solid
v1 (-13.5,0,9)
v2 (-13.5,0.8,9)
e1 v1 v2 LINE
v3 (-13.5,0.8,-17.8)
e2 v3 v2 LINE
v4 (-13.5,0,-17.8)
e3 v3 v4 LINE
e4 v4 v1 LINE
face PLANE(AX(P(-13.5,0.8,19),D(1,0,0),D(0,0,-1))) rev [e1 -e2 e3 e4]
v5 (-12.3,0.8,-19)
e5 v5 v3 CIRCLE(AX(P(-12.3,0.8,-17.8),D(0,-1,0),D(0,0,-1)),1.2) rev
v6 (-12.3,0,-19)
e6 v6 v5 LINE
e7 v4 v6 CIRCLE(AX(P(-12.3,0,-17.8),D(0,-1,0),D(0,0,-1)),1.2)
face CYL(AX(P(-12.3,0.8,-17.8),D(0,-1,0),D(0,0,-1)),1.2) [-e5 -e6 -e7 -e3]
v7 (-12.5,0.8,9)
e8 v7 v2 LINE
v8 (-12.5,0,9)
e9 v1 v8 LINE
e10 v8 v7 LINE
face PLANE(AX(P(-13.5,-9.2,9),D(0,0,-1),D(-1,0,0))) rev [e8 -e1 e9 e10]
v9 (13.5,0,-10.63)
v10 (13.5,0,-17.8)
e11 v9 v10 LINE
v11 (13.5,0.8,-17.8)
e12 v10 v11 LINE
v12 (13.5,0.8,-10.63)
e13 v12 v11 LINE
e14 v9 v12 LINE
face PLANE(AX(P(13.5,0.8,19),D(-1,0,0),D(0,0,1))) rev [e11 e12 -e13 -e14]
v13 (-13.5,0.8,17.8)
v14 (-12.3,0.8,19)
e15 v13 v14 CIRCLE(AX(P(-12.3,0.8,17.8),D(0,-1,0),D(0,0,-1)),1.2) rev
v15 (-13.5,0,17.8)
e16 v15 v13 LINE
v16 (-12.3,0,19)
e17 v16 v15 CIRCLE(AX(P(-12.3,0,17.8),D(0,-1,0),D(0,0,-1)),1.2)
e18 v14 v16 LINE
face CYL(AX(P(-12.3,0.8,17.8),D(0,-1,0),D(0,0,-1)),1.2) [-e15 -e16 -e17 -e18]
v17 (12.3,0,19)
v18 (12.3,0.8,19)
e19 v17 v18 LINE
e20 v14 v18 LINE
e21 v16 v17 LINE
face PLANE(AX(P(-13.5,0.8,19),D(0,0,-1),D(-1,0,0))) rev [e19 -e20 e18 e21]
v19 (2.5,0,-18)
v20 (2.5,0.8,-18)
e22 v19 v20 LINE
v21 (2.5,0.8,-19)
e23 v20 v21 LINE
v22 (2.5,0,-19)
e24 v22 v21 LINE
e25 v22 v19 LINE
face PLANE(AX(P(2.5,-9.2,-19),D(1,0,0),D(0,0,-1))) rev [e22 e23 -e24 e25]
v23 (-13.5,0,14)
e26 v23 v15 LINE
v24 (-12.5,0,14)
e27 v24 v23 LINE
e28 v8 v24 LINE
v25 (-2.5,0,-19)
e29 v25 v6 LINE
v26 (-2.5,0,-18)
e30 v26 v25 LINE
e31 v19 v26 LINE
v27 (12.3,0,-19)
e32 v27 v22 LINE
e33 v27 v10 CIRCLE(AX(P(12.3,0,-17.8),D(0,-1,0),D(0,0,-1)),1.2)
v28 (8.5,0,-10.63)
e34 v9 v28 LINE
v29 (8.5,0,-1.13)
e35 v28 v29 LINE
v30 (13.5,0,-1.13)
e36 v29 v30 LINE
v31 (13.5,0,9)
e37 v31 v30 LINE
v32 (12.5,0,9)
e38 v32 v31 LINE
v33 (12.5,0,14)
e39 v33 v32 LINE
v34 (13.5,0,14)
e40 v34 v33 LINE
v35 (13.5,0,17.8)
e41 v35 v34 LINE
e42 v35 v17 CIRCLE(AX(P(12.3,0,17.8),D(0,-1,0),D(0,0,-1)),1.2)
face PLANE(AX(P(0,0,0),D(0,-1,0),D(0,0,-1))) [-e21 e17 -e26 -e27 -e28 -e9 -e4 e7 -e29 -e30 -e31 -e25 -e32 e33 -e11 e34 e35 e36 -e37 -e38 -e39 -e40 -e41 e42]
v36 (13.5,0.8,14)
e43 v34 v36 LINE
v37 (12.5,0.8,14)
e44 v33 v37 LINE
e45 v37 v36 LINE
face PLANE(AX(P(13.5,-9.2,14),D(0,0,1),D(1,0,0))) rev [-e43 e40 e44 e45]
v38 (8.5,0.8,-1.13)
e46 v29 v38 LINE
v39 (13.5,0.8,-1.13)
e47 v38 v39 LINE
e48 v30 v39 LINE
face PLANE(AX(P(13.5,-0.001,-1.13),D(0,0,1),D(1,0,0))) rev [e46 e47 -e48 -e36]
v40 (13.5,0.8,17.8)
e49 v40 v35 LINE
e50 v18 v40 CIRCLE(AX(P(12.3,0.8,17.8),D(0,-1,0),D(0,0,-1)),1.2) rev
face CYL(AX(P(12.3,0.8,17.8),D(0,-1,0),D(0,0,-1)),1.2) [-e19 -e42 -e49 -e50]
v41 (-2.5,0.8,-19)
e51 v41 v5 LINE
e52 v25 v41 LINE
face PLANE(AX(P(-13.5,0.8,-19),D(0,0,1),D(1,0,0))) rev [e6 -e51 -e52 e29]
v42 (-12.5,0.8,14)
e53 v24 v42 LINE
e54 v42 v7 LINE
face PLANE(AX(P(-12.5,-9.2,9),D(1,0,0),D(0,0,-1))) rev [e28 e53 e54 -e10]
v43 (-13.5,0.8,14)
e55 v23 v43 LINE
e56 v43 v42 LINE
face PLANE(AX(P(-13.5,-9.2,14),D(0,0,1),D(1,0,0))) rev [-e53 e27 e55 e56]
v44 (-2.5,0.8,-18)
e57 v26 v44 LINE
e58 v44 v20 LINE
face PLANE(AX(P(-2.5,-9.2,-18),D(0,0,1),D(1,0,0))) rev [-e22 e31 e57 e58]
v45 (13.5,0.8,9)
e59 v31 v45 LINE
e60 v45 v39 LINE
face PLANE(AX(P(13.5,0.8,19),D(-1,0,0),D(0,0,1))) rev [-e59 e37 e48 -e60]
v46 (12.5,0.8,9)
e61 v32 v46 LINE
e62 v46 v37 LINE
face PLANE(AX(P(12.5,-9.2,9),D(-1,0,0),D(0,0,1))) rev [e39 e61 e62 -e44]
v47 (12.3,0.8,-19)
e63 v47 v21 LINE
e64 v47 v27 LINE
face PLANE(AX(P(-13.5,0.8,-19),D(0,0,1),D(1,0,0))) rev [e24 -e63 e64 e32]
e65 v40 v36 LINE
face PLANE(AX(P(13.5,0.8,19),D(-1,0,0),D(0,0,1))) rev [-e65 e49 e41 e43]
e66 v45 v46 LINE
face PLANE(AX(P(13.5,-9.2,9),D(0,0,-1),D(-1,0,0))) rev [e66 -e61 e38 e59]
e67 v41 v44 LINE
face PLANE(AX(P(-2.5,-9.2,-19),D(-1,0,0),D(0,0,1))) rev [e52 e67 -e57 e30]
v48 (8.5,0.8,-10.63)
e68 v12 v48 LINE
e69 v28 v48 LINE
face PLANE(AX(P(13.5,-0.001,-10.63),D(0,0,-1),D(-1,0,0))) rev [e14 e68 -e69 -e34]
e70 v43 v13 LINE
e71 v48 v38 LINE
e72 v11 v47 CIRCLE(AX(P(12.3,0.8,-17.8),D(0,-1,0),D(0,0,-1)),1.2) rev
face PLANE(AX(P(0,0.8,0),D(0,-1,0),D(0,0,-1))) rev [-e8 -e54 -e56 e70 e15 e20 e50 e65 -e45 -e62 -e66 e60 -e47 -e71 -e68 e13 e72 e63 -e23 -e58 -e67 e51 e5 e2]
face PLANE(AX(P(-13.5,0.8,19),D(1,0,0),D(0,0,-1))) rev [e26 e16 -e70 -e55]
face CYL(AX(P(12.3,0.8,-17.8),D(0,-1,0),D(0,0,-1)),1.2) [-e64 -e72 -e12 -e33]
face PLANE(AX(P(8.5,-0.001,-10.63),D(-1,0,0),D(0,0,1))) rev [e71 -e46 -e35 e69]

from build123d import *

# Parameters (mm, degrees)
SKETCH_1_W          = 27
SKETCH_1_H          = 38
EXTRUDE_1_DEPTH     = 0.8
FILLET_1_R          = 1.2
CUT_EXTRUDE_1_REACH = 2.8
SKETCH_2_W          = 5
SKETCH_2_H          = 9.5
SKETCH_3_W          = 5
SKETCH_3_H          = 1
SKETCH_3_W_2        = 1
SKETCH_3_H_2        = 5
CUT_EXTRUDE_2_DEPTH = 10


with BuildPart() as part:
    # 草图1 → 凸台-拉伸1 (new body)
    with BuildSketch(Plane(origin=(0, 0, 0), x_dir=(1, 0, 0), z_dir=(0, 1, 0))):
        Rectangle(SKETCH_1_W, SKETCH_1_H)
    extrude(amount=EXTRUDE_1_DEPTH)

    # 圆角1
    fillet_1_edges = [part.edges().sort_by_distance(p)[0] for p in [
        (13.5, 0.4, 19),
        (-13.5, 0.4, 19),
        (-13.5, 0.4, -19),
        (13.5, 0.4, -19),
    ]]
    fillet(fillet_1_edges, radius=FILLET_1_R)

    # 草图2 → 切除-拉伸1 (cut, up to next)
    with BuildSketch(Plane(origin=(0, 0.8, 0), x_dir=(1, 0, 0), z_dir=(0, 1, 0)), mode=Mode.PRIVATE) as cut_extrude_1_sk1:
        with Locations((11, 5.88)):
            Rectangle(SKETCH_2_W, SKETCH_2_H)
    cut_extrude_1_tool1 = extrude(cut_extrude_1_sk1.sketch, amount=-CUT_EXTRUDE_1_REACH, mode=Mode.PRIVATE) & part.part
    add(cut_extrude_1_tool1.solids().sort_by_distance((11, 0.8, -5.88))[0], mode=Mode.SUBTRACT)

    # 草图3 → 切除-拉伸2 (cut)
    with BuildSketch(Plane(origin=(0, 0.8, 0), x_dir=(1, 0, 0), z_dir=(0, 1, 0))):
        with Locations((0, 18.5)):
            Rectangle(SKETCH_3_W, SKETCH_3_H)
        with Locations((-13, -11.5)):
            Rectangle(SKETCH_3_W_2, SKETCH_3_H_2)
        with Locations((13, -11.5)):
            Rectangle(SKETCH_3_W_2, SKETCH_3_H_2)
    extrude(amount=-CUT_EXTRUDE_2_DEPTH, mode=Mode.SUBTRACT)


solid = part.part
